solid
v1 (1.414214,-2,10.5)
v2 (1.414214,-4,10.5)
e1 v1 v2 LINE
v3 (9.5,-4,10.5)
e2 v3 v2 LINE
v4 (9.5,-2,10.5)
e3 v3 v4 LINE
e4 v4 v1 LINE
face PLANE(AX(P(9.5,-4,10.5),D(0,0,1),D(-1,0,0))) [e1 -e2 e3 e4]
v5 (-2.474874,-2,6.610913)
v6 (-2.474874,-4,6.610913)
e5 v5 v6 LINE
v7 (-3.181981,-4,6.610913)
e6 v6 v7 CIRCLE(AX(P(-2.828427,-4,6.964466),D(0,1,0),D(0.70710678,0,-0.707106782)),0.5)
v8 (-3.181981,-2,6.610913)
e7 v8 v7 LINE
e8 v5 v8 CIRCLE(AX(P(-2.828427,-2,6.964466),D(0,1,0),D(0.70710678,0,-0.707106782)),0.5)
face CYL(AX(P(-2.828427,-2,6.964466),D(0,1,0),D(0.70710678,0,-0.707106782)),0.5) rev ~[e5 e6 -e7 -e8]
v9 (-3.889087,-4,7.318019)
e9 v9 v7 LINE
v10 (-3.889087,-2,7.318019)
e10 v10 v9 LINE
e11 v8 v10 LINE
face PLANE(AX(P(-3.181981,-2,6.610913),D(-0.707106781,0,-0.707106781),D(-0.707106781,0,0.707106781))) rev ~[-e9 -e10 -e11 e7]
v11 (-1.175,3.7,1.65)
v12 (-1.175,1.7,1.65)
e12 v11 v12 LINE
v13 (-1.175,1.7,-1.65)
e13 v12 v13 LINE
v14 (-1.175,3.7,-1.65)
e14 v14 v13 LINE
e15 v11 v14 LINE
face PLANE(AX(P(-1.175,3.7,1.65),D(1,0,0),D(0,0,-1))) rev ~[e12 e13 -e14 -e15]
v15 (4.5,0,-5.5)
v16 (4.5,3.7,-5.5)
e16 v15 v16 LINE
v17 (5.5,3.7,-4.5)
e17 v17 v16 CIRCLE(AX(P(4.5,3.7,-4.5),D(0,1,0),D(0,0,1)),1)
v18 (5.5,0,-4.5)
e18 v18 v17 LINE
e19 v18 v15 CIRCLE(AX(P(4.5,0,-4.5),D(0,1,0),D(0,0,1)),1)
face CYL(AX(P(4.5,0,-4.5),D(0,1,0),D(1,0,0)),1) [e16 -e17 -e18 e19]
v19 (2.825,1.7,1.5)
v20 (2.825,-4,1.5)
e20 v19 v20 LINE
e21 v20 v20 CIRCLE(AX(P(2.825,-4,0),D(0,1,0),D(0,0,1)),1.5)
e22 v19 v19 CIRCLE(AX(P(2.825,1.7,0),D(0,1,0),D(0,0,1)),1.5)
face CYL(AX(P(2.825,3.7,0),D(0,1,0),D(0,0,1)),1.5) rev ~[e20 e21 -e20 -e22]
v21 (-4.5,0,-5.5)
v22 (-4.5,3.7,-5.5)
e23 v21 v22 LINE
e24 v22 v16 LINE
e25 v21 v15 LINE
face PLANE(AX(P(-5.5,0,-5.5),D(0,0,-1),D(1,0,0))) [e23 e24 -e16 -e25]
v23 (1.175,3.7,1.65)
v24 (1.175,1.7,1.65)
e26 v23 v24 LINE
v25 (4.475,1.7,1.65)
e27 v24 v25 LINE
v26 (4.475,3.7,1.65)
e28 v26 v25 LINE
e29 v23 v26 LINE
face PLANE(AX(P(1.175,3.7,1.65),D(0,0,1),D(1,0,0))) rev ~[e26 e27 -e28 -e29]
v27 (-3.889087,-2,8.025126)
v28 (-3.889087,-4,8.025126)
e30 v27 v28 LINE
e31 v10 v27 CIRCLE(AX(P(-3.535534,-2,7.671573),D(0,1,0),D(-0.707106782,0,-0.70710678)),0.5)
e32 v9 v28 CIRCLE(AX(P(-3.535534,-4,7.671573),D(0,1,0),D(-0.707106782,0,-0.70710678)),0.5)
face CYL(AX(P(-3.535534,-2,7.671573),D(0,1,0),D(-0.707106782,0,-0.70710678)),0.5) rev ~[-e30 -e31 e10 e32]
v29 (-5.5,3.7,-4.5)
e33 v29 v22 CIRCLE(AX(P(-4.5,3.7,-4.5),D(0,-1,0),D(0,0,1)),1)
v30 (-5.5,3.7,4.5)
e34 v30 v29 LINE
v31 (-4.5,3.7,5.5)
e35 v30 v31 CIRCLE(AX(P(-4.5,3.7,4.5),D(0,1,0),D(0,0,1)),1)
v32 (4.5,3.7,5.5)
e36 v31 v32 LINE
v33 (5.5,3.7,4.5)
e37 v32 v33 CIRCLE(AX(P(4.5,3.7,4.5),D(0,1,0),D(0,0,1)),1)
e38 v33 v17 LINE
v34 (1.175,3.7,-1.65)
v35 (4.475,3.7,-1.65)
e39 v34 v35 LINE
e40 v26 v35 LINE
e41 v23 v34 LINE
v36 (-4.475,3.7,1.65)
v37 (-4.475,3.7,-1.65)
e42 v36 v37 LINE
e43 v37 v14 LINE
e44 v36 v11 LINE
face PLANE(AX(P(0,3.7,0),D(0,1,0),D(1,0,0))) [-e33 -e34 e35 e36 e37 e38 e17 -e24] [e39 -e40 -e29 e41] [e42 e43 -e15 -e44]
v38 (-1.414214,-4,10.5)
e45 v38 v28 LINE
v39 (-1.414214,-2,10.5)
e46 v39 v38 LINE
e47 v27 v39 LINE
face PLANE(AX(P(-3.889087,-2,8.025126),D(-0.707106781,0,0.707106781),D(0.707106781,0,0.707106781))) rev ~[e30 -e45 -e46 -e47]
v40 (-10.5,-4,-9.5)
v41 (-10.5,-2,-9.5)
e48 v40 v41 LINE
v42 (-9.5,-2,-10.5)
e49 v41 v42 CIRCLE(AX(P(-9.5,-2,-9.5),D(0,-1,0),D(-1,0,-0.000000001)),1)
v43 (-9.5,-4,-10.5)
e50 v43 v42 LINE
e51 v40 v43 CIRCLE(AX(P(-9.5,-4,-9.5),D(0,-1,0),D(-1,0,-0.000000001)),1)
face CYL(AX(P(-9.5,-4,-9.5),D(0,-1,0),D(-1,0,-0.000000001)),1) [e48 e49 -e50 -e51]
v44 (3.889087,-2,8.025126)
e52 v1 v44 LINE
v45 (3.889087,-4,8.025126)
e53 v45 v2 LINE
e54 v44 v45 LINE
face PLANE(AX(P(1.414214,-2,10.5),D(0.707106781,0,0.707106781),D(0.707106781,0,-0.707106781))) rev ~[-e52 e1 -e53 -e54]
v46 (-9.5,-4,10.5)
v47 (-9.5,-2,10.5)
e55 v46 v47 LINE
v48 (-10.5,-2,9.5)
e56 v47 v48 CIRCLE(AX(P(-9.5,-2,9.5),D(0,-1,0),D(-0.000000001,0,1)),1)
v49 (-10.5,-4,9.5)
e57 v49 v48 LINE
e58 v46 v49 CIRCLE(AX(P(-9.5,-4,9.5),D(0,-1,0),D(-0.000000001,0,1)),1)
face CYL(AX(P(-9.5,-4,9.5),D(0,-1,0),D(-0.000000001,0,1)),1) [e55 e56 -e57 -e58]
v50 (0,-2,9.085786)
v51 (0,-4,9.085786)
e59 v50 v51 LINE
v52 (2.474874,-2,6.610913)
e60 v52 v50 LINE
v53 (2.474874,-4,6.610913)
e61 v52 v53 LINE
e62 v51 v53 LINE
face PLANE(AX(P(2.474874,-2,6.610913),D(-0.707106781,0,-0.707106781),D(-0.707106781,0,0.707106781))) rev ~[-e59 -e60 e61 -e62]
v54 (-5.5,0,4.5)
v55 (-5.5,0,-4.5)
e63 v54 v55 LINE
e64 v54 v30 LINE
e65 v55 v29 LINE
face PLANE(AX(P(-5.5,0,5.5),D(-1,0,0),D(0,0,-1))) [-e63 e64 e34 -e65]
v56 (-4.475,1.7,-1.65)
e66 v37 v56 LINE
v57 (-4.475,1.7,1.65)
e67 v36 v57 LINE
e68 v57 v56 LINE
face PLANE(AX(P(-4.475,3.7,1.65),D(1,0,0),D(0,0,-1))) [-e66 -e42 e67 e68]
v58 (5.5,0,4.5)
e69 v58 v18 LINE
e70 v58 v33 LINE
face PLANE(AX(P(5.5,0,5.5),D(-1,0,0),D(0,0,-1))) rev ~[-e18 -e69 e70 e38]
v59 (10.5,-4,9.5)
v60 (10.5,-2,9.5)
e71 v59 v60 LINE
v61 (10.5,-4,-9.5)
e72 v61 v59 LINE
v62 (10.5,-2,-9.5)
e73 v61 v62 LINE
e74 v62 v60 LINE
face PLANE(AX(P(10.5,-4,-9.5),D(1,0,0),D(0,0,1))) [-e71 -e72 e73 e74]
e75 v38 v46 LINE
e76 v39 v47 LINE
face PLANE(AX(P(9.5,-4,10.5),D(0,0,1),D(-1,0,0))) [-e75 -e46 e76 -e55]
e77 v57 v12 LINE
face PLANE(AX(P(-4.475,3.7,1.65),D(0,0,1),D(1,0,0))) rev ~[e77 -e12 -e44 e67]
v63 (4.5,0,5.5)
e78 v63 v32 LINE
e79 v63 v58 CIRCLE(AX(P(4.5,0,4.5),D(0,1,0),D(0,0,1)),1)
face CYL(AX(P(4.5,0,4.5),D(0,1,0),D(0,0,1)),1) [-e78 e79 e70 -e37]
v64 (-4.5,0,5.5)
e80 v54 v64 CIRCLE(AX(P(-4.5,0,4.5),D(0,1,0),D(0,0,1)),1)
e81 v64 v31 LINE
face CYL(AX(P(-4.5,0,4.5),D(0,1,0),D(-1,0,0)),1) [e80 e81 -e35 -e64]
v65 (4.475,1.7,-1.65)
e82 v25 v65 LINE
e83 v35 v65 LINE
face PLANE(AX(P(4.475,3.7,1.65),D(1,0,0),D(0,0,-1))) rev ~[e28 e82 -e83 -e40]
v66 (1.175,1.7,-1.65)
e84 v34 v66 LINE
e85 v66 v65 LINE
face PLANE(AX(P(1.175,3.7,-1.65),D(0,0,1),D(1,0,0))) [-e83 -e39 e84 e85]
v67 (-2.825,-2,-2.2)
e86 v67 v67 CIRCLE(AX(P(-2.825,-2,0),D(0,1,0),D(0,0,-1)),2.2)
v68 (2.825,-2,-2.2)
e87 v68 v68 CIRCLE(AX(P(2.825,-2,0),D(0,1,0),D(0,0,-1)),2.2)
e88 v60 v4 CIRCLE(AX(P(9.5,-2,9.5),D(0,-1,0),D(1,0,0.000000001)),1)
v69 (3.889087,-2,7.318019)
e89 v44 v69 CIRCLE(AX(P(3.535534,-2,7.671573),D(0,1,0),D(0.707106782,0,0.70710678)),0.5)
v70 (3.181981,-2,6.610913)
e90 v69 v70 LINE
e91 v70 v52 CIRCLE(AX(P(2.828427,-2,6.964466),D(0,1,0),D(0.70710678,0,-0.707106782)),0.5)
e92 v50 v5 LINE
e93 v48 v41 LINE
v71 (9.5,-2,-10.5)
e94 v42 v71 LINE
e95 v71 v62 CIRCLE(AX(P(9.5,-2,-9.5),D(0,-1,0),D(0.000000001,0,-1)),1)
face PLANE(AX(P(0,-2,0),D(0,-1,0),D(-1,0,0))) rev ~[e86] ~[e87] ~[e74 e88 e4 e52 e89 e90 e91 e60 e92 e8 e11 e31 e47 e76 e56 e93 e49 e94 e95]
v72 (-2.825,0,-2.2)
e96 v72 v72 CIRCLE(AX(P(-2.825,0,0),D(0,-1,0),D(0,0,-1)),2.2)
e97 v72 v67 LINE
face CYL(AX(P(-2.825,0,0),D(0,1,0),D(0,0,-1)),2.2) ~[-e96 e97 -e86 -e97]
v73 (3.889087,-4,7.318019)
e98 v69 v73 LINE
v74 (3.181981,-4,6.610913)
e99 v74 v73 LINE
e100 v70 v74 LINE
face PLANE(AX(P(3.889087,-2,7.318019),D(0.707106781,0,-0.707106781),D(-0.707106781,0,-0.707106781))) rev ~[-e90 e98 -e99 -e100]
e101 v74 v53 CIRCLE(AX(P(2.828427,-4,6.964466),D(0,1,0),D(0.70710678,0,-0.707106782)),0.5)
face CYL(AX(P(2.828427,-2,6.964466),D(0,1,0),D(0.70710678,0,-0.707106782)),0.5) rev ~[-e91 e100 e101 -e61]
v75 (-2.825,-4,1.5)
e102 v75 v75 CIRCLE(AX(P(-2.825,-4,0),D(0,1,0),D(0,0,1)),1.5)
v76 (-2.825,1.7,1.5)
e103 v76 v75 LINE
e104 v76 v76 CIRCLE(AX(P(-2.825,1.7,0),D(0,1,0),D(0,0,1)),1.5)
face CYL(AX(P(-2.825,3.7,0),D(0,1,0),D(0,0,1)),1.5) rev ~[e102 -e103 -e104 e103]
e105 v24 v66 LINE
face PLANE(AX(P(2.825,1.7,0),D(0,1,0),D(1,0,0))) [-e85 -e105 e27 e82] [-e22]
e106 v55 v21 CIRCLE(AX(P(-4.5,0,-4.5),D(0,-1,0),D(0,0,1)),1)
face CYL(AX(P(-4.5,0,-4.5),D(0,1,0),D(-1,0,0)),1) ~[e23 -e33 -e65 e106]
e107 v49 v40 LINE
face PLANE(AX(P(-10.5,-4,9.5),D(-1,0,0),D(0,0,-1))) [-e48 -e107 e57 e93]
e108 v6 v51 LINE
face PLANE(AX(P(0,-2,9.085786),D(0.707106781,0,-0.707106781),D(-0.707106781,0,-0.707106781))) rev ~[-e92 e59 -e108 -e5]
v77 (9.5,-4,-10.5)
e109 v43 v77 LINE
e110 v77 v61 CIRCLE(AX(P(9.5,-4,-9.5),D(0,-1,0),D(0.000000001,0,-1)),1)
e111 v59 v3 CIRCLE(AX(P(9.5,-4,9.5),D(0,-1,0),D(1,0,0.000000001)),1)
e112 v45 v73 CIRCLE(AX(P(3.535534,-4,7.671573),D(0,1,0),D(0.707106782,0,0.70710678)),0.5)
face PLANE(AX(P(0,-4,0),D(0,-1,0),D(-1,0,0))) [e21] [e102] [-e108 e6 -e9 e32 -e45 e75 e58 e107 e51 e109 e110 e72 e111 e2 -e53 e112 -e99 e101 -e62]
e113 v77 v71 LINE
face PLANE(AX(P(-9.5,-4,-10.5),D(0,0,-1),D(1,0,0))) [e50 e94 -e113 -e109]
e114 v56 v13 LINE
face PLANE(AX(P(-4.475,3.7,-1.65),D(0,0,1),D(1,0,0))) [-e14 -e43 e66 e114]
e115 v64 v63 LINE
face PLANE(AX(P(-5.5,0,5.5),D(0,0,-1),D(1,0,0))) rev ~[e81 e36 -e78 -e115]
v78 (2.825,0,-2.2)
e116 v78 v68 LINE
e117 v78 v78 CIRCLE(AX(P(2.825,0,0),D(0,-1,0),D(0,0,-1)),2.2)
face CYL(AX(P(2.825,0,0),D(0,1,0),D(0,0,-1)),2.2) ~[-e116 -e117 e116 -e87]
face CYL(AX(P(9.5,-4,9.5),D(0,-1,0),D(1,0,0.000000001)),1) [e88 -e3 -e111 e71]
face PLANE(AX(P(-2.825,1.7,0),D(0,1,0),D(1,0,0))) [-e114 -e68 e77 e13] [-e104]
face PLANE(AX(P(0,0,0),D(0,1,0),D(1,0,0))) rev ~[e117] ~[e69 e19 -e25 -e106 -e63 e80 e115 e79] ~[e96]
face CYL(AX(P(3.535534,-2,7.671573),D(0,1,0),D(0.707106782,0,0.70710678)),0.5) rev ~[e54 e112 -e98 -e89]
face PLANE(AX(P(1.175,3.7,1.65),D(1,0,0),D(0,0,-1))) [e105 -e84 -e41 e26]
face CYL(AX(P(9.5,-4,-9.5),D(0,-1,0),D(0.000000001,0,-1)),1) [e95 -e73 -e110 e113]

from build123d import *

# Parameters (mm, degrees)
SKETCH1_W           = 11
SKETCH1_H           = 11
BOSS_EXTRUDE1_DEPTH = 3.7
FILLET1_R           = 1
SKETCH2_W           = 3.3
SKETCH2_H           = 3.3
CUT_EXTRUDE1_DEPTH  = 2
SKETCH4_R           = 2.2
BOSS_EXTRUDE2_DEPTH = 4
BOSS_EXTRUDE3_DEPTH = 2
SKETCH3_R           = 1.5
CUT_EXTRUDE2_DEPTH  = 17.726924403
CUT_EXTRUDE3_DEPTH  = 16.90565937


with BuildPart() as part:
    # Sketch1 → Boss-Extrude1 (new body)
    with BuildSketch(Plane(origin=(0, 0, 0), x_dir=(1, 0, 0), z_dir=(0, 1, 0))):
        Rectangle(SKETCH1_W, SKETCH1_H)
    extrude(amount=BOSS_EXTRUDE1_DEPTH)

    # Fillet1
    fillet1_edges = [part.edges().sort_by_distance(p)[0] for p in [
        (5.5, 1.85, 5.5),
        (-5.5, 1.85, 5.5),
        (-5.5, 1.85, -5.5),
        (5.5, 1.85, -5.5),
    ]]
    fillet(fillet1_edges, radius=FILLET1_R)

    # Sketch2 → Cut-Extrude1 (cut)
    with BuildSketch(Plane(origin=(0, 3.7, 0), x_dir=(1, 0, 0), z_dir=(0, 1, 0))):
        with Locations((-2.825, 0)):
            Rectangle(SKETCH2_W, SKETCH2_H)
        with Locations((2.825, 0)):
            Rectangle(SKETCH2_W, SKETCH2_H)
    extrude(amount=-CUT_EXTRUDE1_DEPTH, mode=Mode.SUBTRACT)

    # Sketch4 → Boss-Extrude2 (add)
    with BuildSketch(Plane(origin=(0, 0, 0), x_dir=(-1, 0, 0), z_dir=(0, -1, 0))):
        with Locations(Location((2.825, 0, 0), (0, 0, 90))):
            Circle(SKETCH4_R)
        with Locations(Location((-2.825, 0, 0), (0, 0, 90))):
            Circle(SKETCH4_R)
    extrude(amount=BOSS_EXTRUDE2_DEPTH)

    # Sketch5 → Boss-Extrude3 (add)
    with BuildSketch(Plane(origin=(0, -4, 0), x_dir=(-1, 0, 0), z_dir=(0, -1, 0))):
        with BuildLine():
            Line((9.5, 10.5), (-9.5, 10.5))
            ThreePointArc((-9.5, 10.5), (-10.207106781, 10.207106781), (-10.5, 9.5))
            Line((-10.5, 9.5), (-10.5, -9.5))
            ThreePointArc((-10.5, -9.5), (-10.207106781, -10.207106781), (-9.5, -10.5))
            Line((-9.5, -10.5), (9.5, -10.5))
            ThreePointArc((9.5, -10.5), (10.207106781, -10.207106781), (10.5, -9.5))
            Line((10.5, -9.5), (10.5, 9.5))
            ThreePointArc((10.5, 9.5), (10.207106781, 10.207106781), (9.5, 10.5))
        make_face()
    extrude(amount=-BOSS_EXTRUDE3_DEPTH)

    # Sketch3 → Cut-Extrude2 (cut, through all)
    with BuildSketch(Plane(origin=(0, 3.7, 0), x_dir=(1, 0, 0), z_dir=(0, 1, 0))):
        with Locations(Location((-2.825, 0, 0), (0, 0, 270))):
            Circle(SKETCH3_R)
        with Locations(Location((2.825, 0, 0), (0, 0, 270))):
            Circle(SKETCH3_R)
    extrude(amount=-CUT_EXTRUDE2_DEPTH, mode=Mode.SUBTRACT)

    # Sketch7 → Cut-Extrude3 (cut, through all)
    with BuildSketch(Plane(origin=(0, -2, 0), x_dir=(1, 0, 0), z_dir=(0, 1, 0))):
        with BuildLine():
            Line((0, -9.085786438), (1.414213562, -10.5))
            Line((1.414213562, -10.5), (3.889087297, -8.025126266))
            ThreePointArc((3.889087297, -8.025126266), (4.035533906, -7.671572875), (3.889087297, -7.318019485))
            Line((3.889087297, -7.318019485), (3.181980515, -6.610912703))
            ThreePointArc((3.181980515, -6.610912703), (2.828427125, -6.464466094), (2.474873734, -6.610912703))
            Line((2.474873734, -6.610912703), (0, -9.085786438))
        make_face()
        with BuildLine():
            Line((-3.889087297, -8.025126266), (-1.414213562, -10.5))
            Line((-1.414213562, -10.5), (0, -9.085786438))
            Line((0, -9.085786438), (-2.474873734, -6.610912703))
            ThreePointArc((-2.474873734, -6.610912703), (-2.828427125, -6.464466094), (-3.181980515, -6.610912703))
            Line((-3.181980515, -6.610912703), (-3.889087297, -7.318019485))
            ThreePointArc((-3.889087297, -7.318019485), (-4.035533906, -7.671572875), (-3.889087297, -8.025126266))
        make_face()
        Polygon((-1.414213562, -10.5), (1.414213562, -10.5), (0, -9.085786438), align=None)
    extrude(amount=-CUT_EXTRUDE3_DEPTH, mode=Mode.SUBTRACT)


solid = part.part
